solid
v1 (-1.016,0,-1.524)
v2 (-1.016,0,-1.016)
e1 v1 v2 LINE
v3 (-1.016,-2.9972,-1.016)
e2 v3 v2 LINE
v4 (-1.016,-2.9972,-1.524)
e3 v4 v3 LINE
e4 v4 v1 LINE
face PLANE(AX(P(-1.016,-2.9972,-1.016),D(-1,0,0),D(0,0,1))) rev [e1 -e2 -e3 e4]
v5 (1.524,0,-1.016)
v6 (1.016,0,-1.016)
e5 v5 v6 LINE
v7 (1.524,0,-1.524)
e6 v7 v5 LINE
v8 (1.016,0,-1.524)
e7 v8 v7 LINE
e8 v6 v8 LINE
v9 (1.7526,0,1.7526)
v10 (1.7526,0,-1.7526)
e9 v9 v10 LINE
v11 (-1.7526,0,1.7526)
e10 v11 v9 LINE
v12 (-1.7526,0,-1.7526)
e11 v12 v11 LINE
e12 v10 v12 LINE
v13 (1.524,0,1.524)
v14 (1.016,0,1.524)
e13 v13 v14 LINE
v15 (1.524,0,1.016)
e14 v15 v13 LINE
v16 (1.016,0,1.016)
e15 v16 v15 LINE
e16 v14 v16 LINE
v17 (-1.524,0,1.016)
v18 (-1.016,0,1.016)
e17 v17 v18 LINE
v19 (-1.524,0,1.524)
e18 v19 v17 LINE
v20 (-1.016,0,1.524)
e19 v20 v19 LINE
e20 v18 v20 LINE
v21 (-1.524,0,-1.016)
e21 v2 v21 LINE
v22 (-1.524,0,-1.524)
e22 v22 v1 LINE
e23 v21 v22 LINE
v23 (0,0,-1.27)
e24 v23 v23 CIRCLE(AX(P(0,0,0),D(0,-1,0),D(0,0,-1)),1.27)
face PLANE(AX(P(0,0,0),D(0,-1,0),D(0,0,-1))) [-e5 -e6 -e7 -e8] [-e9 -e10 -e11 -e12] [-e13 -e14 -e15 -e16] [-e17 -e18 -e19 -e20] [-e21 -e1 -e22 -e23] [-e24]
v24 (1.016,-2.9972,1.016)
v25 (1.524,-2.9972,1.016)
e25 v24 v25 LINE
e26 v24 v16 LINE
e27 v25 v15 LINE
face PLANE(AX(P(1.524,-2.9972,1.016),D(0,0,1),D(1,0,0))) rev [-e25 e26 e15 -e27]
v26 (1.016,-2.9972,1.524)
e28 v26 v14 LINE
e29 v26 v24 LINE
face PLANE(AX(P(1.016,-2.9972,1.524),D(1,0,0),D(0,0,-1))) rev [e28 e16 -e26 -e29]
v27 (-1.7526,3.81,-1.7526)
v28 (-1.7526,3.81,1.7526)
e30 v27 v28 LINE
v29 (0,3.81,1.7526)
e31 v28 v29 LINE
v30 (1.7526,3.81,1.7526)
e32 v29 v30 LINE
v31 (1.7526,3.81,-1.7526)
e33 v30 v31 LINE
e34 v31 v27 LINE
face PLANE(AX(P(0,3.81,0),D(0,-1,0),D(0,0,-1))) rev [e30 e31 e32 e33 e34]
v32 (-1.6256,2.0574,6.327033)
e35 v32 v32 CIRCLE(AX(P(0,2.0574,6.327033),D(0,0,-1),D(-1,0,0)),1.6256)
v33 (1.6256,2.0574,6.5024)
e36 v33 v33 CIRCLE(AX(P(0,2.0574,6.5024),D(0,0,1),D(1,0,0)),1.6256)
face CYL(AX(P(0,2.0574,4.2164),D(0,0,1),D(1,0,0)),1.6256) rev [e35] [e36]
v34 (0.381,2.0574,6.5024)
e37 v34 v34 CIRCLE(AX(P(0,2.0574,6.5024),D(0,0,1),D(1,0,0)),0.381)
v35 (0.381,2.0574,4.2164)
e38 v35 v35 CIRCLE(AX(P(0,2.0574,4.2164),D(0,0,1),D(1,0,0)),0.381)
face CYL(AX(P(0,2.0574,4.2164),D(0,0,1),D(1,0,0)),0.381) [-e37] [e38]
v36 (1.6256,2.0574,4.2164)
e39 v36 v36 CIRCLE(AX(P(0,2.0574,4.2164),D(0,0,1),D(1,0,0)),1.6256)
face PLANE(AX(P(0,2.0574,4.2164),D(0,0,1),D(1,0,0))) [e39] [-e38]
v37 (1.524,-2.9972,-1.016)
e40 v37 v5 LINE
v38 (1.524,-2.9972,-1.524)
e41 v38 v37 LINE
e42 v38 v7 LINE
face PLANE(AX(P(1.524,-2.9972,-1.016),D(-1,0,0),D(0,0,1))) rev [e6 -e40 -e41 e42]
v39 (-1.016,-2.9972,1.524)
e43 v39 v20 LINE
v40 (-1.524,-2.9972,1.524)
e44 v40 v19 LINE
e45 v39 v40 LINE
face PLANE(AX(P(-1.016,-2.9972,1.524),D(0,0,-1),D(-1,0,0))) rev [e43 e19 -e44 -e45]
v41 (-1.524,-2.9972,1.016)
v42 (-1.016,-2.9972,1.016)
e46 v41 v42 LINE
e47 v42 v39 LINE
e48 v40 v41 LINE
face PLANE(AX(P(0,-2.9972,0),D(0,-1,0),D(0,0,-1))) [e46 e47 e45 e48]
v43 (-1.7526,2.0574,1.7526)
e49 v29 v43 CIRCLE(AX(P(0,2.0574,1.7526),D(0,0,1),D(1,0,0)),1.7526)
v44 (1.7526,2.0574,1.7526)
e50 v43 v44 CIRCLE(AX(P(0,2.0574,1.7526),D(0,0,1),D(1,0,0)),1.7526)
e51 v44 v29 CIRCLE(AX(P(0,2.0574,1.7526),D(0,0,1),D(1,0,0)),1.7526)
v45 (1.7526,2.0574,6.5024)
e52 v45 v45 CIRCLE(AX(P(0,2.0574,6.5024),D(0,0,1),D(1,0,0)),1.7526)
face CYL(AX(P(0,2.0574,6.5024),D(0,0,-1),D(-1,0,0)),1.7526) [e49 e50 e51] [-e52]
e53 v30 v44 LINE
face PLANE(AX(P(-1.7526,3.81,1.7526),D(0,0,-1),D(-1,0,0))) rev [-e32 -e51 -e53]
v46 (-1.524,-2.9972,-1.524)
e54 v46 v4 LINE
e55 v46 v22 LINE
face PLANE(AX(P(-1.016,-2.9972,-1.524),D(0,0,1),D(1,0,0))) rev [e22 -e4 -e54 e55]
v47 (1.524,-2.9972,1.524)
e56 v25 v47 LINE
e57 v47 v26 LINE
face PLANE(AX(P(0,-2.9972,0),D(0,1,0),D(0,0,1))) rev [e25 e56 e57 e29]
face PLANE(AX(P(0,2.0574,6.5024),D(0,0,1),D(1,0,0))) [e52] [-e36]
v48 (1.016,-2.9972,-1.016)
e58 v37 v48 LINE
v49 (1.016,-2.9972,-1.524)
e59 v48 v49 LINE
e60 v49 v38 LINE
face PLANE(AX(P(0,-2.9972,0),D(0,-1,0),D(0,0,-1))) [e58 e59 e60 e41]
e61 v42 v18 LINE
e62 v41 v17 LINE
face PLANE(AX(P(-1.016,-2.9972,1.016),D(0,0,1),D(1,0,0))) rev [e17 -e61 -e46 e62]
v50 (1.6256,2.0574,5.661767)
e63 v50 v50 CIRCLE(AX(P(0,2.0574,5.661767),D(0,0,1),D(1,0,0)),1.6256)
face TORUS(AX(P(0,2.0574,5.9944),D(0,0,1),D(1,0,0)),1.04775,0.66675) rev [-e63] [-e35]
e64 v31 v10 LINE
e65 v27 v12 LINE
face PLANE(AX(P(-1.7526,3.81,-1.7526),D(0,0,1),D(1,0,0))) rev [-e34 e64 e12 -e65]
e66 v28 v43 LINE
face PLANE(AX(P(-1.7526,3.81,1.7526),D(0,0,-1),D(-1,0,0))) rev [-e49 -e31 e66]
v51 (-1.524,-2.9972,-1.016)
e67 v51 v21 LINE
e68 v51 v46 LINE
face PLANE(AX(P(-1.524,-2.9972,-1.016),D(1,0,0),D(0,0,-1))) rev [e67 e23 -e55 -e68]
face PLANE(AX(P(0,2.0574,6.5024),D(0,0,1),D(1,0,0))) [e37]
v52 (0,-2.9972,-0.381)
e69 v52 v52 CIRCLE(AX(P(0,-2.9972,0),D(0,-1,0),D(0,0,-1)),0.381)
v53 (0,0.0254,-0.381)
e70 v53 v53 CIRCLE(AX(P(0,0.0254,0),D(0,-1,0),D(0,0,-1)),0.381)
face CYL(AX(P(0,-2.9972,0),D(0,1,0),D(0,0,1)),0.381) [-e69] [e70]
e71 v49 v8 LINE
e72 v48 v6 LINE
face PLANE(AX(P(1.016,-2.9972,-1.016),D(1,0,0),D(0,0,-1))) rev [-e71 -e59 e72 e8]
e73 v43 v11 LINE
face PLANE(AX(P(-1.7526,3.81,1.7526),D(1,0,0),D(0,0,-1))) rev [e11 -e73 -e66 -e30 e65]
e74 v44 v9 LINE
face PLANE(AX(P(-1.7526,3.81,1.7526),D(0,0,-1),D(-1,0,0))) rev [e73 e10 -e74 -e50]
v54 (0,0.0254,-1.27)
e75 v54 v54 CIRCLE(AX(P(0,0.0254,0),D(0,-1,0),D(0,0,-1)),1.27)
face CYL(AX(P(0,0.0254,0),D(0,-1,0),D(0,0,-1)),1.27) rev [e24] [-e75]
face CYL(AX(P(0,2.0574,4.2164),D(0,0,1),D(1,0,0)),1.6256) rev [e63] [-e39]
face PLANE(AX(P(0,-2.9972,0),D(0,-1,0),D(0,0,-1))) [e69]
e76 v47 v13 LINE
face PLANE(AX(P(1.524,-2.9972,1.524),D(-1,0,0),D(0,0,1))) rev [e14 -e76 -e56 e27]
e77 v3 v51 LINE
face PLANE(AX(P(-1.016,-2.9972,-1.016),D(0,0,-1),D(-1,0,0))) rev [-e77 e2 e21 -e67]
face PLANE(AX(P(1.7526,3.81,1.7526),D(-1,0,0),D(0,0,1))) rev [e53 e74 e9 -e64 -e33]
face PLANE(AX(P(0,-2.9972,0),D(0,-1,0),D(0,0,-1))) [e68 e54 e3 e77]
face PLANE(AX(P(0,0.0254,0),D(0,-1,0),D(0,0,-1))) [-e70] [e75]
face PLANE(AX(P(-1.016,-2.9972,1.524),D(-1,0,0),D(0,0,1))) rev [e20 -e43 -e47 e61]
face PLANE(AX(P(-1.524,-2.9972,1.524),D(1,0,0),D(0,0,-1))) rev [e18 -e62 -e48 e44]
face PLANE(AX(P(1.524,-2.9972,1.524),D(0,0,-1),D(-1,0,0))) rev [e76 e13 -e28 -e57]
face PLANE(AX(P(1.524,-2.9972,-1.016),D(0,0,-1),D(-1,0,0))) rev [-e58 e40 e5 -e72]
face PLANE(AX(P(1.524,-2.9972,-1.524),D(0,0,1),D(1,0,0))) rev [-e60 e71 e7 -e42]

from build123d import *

# Parameters (mm, degrees)
SKETCH1_W           = 3.5052
SKETCH1_H           = 3.5052
BOSS_EXTRUDE1_DEPTH = 3.81
SKETCH2_R           = 1.7526
BOSS_EXTRUDE2_DEPTH = 4.7498
SKETCH3_R           = 0.381
SKETCH3_W           = 0.508
SKETCH3_H           = 0.508
BOSS_EXTRUDE3_DEPTH = 2.9972
CUT_EXTRUDE2_START  = -0.0254
SKETCH4_R           = 1.27
SKETCH4_R_2         = 0.381
CUT_EXTRUDE2_DEPTH  = 0.0254
SKETCH5_R           = 1.6256
SKETCH5_R_2         = 0.381
CUT_EXTRUDE3_DEPTH  = 2.286
SKETCH6_R           = 0.66675


with BuildPart() as part:
    # Sketch1 → Boss-Extrude1 (new body)
    with BuildSketch(Plane(origin=(0, 0, 0), x_dir=(1, 0, 0), z_dir=(0, 1, 0))):
        Rectangle(SKETCH1_W, SKETCH1_H)
    extrude(amount=BOSS_EXTRUDE1_DEPTH)

    # Sketch2 → Boss-Extrude2 (add)
    with BuildSketch(Plane.XY.offset(1.7526)):
        with Locations((0, 2.0574)):
            Circle(SKETCH2_R)
    extrude(amount=BOSS_EXTRUDE2_DEPTH)

    # Sketch3 → Boss-Extrude3 (add)
    with BuildSketch(Plane.XZ):
        Circle(SKETCH3_R)
        with Locations((-1.27, 1.27)):
            Rectangle(SKETCH3_W, SKETCH3_H)
        with Locations((1.27, 1.27)):
            Rectangle(SKETCH3_W, SKETCH3_H)
        with Locations((-1.27, -1.27)):
            Rectangle(SKETCH3_W, SKETCH3_H)
        with Locations((1.27, -1.27)):
            Rectangle(SKETCH3_W, SKETCH3_H)
    extrude(amount=BOSS_EXTRUDE3_DEPTH)

    # Sketch4 → Cut-Extrude2 (cut)
    with BuildSketch(Plane.XZ.offset(CUT_EXTRUDE2_START)):
        Circle(SKETCH4_R)
        Circle(SKETCH4_R_2, mode=Mode.SUBTRACT)
    extrude(amount=CUT_EXTRUDE2_DEPTH, mode=Mode.SUBTRACT)

    # Sketch5 → Cut-Extrude3 (cut)
    with BuildSketch(Plane.XY.offset(6.5024)):
        with Locations((0, 2.0574)):
            Circle(SKETCH5_R)
        with Locations((0, 2.0574)):
            Circle(SKETCH5_R_2, mode=Mode.SUBTRACT)
    extrude(amount=-CUT_EXTRUDE3_DEPTH, mode=Mode.SUBTRACT)

    # Sketch6 → Cut-Revolve1 (revolve, cut)
    with BuildSketch(Plane(origin=(0, 0, 0), x_dir=(0, 0, -1), z_dir=(1, 0, 0))):
        with Locations((-5.9944, 1.00965)):
            Circle(SKETCH6_R)
    revolve(axis=Axis((0, 2.0574, 9.059220752), (0, 0, -1)), mode=Mode.SUBTRACT)


solid = part.part
